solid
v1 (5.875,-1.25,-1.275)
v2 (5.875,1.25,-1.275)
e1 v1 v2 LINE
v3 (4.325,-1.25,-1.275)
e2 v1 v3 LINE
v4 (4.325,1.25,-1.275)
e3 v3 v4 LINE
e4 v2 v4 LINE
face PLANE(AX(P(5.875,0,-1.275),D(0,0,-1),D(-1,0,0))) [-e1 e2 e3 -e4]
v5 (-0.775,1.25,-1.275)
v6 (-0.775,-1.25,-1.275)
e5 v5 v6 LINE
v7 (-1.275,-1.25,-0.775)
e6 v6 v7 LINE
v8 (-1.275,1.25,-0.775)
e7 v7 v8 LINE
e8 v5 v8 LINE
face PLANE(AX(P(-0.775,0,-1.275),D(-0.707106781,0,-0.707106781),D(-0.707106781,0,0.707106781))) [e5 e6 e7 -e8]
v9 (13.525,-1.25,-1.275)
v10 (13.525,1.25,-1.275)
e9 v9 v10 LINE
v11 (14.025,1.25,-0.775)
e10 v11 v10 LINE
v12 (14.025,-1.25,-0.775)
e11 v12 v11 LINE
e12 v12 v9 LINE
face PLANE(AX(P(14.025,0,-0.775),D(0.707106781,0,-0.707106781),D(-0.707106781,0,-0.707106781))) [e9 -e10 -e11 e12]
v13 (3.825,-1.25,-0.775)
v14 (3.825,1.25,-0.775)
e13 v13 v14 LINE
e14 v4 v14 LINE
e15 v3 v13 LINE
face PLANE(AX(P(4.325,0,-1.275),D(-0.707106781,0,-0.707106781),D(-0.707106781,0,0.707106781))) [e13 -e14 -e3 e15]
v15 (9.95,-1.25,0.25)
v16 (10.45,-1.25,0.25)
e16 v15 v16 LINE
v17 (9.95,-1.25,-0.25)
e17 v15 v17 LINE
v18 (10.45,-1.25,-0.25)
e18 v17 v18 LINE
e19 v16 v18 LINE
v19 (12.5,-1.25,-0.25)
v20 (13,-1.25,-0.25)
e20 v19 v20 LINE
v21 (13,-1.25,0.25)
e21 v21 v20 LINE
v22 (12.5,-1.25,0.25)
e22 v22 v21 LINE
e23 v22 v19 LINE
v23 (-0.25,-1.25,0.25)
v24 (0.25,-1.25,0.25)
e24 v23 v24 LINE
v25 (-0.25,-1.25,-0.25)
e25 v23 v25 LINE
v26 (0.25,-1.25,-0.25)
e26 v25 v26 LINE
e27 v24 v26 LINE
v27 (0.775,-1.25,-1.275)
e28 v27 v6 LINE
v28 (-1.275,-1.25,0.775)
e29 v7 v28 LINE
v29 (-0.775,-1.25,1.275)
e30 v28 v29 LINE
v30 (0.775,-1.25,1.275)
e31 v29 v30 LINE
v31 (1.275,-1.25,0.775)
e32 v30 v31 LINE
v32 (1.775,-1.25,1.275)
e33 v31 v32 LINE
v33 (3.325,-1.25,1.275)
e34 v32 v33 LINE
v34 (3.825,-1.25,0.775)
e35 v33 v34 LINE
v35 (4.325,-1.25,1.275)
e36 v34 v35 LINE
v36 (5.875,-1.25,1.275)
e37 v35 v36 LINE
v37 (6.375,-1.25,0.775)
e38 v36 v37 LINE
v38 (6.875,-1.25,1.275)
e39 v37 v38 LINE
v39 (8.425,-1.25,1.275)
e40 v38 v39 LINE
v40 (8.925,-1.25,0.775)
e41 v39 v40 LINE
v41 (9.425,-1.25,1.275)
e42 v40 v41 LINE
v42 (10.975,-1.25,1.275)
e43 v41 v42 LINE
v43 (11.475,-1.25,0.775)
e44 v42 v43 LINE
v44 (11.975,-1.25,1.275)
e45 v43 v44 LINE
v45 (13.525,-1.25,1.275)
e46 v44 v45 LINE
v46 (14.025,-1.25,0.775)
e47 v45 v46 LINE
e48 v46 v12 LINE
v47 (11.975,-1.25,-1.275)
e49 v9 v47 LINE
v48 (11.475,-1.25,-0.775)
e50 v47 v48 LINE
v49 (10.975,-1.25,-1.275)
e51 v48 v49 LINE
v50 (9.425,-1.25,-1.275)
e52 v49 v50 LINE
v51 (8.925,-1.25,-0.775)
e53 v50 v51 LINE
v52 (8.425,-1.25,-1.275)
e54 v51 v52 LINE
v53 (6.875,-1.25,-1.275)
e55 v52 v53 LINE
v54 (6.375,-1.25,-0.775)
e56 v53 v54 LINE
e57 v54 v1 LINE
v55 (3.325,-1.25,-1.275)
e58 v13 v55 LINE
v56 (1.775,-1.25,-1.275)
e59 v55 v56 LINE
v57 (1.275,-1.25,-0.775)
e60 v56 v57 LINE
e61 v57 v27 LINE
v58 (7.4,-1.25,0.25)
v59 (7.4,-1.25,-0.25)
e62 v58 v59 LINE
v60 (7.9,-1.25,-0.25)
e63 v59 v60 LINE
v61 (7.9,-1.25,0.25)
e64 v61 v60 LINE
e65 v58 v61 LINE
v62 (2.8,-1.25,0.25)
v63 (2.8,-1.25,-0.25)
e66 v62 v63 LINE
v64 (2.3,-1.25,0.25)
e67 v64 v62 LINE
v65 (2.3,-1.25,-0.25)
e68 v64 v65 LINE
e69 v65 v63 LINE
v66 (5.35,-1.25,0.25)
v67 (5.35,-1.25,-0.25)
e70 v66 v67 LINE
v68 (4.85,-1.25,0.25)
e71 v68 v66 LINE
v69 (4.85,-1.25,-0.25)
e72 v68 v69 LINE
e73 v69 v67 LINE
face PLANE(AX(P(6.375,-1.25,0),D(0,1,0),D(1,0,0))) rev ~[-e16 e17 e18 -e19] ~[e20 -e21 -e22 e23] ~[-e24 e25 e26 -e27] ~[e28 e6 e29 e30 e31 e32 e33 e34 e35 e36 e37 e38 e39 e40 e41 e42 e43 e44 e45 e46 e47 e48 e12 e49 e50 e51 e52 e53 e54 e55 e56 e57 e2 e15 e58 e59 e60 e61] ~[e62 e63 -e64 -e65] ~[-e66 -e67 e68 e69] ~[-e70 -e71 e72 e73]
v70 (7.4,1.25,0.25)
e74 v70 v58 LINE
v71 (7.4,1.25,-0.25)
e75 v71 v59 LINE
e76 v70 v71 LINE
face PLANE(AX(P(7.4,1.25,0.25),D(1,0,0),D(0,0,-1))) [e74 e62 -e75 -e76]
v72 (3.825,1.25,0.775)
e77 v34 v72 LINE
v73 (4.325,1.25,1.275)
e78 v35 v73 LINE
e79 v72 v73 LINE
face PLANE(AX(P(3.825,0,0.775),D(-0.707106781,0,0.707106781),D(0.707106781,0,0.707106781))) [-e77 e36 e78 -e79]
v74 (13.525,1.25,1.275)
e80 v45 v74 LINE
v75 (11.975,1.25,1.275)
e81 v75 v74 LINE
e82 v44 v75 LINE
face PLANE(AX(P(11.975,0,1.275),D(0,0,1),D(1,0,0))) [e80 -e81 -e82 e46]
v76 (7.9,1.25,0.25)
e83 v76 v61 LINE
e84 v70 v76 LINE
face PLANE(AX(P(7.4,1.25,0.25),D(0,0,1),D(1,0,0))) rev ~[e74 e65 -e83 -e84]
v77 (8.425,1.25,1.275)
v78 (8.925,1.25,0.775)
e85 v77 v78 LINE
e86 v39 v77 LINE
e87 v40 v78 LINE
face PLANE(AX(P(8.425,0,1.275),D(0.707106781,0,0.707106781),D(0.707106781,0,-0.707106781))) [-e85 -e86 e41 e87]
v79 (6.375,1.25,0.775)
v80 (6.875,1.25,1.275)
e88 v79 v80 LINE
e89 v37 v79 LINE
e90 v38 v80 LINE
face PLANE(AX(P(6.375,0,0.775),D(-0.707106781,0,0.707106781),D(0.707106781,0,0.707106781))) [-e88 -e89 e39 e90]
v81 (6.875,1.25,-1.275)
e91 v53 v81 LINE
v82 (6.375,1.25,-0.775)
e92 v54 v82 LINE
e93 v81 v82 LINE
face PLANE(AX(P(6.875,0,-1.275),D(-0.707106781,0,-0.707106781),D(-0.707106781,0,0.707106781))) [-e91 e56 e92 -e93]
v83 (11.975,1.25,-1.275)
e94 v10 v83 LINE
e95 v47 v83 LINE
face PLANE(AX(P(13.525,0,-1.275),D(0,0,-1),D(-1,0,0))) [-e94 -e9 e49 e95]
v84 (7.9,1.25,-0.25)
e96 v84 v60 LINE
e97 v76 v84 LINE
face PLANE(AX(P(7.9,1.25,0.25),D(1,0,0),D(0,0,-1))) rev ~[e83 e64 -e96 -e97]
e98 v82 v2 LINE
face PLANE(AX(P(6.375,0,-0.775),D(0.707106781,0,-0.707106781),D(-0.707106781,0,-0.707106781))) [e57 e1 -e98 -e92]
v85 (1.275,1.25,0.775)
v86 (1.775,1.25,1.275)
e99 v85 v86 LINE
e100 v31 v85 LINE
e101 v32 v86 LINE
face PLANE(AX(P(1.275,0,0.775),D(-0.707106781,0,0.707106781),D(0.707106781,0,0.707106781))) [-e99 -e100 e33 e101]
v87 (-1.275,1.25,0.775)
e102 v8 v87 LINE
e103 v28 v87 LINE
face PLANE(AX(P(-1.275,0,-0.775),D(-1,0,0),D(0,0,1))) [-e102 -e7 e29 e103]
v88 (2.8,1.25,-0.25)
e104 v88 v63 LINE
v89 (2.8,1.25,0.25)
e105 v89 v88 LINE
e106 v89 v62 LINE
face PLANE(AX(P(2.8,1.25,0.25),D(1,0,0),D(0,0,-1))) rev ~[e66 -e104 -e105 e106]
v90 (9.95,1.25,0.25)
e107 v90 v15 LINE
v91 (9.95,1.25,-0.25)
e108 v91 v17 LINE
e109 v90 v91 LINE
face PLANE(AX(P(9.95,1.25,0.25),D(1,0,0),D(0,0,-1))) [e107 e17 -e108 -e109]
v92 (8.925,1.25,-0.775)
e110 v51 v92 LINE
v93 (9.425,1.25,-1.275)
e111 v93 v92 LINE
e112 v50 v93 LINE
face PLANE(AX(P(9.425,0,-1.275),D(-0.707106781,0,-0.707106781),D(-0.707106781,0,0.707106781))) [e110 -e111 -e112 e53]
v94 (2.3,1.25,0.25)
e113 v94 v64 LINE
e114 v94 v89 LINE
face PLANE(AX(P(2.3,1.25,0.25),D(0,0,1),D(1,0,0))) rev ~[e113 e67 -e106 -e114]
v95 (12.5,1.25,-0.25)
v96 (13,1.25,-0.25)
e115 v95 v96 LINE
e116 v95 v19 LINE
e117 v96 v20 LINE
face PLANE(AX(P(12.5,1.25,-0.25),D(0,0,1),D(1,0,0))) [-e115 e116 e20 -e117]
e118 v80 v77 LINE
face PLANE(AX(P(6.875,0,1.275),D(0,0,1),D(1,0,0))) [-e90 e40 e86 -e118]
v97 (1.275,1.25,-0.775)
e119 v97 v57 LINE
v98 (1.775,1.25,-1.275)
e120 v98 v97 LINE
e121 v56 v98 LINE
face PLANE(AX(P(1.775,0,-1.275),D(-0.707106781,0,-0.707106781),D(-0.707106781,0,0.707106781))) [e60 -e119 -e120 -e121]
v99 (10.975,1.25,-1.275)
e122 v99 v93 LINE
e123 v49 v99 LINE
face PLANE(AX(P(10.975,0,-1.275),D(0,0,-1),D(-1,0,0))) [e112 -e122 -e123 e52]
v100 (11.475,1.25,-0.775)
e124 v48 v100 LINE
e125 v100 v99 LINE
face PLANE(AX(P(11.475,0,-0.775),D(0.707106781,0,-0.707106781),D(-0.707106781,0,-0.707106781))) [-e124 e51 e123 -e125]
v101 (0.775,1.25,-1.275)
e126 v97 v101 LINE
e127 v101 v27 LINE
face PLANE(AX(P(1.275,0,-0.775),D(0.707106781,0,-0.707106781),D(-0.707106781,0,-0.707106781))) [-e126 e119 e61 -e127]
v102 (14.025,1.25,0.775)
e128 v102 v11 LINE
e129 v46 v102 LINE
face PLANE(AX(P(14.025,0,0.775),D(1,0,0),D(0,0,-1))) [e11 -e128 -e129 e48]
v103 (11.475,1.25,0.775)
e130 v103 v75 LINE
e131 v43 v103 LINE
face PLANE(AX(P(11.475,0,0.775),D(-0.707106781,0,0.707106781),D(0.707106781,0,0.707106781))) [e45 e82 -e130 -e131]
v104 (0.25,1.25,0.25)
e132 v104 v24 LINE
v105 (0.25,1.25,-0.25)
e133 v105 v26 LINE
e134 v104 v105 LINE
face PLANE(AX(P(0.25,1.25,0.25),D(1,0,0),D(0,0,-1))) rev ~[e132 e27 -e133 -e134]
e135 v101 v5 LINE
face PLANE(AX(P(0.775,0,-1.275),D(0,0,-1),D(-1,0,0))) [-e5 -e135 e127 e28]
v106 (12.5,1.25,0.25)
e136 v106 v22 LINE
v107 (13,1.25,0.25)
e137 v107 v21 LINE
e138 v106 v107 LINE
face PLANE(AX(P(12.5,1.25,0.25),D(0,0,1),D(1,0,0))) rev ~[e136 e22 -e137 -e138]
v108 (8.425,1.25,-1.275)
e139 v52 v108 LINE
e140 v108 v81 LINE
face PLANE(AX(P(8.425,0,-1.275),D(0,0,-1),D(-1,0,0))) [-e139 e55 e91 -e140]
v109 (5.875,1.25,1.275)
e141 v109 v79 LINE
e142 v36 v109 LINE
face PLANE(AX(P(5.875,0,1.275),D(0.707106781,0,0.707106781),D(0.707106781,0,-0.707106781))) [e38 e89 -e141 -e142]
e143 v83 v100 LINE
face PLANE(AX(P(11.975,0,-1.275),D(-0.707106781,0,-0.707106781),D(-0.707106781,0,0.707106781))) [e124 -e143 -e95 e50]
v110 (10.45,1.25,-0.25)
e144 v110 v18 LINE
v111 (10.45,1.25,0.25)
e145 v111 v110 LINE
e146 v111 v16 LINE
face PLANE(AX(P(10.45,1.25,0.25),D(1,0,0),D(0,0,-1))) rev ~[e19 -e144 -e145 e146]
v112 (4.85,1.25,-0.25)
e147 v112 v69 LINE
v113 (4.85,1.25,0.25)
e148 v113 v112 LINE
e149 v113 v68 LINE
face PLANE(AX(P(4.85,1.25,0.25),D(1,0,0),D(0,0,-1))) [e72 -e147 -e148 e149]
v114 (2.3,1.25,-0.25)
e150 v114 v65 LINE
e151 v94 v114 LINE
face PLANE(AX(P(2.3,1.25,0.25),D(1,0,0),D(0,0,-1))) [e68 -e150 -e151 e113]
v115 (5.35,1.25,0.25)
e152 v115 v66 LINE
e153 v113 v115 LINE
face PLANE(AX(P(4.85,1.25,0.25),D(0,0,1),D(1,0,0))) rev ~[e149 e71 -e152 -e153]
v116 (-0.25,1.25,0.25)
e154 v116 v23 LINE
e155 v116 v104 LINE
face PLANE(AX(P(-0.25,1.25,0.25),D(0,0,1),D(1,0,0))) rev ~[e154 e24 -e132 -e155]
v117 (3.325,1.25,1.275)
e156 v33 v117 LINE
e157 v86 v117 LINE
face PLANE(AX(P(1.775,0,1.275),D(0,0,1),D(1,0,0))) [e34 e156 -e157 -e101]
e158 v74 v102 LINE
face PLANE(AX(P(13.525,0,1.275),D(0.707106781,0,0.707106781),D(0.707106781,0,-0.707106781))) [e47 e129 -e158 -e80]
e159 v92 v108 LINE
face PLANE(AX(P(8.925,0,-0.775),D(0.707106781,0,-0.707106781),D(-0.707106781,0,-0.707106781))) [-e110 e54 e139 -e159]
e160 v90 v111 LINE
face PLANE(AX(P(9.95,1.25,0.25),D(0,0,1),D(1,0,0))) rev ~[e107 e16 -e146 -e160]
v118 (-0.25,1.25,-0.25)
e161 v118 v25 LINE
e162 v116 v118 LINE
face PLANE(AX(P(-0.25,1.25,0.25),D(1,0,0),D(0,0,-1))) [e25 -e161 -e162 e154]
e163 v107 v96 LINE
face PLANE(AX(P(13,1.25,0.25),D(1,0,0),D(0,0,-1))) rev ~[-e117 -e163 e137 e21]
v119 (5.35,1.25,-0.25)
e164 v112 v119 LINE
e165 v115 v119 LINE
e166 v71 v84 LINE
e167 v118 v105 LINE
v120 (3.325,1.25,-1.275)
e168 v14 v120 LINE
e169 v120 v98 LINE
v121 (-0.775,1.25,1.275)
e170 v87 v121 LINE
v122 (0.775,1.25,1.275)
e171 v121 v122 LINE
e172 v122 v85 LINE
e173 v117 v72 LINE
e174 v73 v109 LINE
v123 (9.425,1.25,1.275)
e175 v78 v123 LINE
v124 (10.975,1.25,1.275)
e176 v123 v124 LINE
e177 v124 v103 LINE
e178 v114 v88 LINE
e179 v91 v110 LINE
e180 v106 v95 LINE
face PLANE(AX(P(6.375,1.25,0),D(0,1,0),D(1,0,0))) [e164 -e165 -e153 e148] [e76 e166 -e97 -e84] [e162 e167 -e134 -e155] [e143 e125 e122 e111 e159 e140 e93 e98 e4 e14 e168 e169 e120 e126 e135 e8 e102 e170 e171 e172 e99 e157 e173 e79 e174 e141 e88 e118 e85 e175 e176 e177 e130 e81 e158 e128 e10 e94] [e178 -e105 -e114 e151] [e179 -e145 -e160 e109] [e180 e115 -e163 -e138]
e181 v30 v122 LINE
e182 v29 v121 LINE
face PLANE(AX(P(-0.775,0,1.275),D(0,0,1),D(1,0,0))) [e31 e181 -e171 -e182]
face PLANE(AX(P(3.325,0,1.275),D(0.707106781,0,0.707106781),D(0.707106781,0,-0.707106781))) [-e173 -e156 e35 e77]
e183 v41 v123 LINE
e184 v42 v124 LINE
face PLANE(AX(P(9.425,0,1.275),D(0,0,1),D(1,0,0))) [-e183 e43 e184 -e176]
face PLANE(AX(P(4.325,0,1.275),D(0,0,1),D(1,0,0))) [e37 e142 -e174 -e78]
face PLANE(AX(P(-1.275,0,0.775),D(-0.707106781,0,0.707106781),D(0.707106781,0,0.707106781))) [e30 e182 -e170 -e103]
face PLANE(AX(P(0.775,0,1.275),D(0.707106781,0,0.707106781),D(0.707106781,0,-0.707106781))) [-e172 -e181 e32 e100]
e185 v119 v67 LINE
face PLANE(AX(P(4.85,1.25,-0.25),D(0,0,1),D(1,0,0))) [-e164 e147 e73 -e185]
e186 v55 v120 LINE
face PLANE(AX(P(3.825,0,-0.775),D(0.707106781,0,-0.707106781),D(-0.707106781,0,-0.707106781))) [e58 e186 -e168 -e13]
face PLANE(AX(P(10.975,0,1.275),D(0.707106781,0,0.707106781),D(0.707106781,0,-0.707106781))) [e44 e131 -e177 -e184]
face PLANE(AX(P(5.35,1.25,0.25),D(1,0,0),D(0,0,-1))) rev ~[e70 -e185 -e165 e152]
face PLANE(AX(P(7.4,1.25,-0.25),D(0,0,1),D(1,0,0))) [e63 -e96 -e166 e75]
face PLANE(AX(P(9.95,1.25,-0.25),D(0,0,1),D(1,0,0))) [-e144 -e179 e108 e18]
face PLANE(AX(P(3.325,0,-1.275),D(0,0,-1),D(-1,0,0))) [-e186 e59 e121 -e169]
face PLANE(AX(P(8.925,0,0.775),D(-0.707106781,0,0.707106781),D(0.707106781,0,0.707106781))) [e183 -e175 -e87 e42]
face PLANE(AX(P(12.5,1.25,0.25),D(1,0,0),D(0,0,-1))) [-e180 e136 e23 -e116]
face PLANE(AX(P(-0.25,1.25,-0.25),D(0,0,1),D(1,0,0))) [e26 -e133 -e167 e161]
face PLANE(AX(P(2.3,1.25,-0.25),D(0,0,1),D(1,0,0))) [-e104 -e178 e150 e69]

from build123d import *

# Parameters (mm, degrees)
BOSS_EXTRUDE1_DEPTH = 1.25
SKETCH2_W           = 0.5
SKETCH2_H           = 0.5
CUT_EXTRUDE1_DEPTH  = 3.5


with BuildPart() as part:
    # Sketch1 → Boss-Extrude1 (new body, symmetric)
    with BuildSketch(Plane(origin=(0, 0, 0), x_dir=(1, 0, 0), z_dir=(0, 1, 0))):
        Polygon((-0.775, 1.275), (-1.275, 0.775), (-1.275, -0.775), (-0.775, -1.275), (0.775, -1.275), (1.275, -0.775), (1.775, -1.275), (3.325, -1.275), (3.825, -0.775), (4.325, -1.275), (5.875, -1.275), (6.375, -0.775), (6.875, -1.275), (8.425, -1.275), (8.925, -0.775), (9.425, -1.275), (10.975, -1.275), (11.475, -0.775), (11.975, -1.275), (13.525, -1.275), (14.025, -0.775), (14.025, 0.775), (13.525, 1.275), (11.975, 1.275), (11.475, 0.775), (10.975, 1.275), (9.425, 1.275), (8.925, 0.775), (8.425, 1.275), (6.875, 1.275), (6.375, 0.775), (5.875, 1.275), (4.325, 1.275), (3.825, 0.775), (3.325, 1.275), (1.775, 1.275), (1.275, 0.775), (0.775, 1.275), align=None)
    extrude(amount=BOSS_EXTRUDE1_DEPTH, both=True)

    # Sketch2 → Cut-Extrude1 (cut, through all)
    with BuildSketch(Plane(origin=(0, 1.25, 0), x_dir=(1, 0, 0), z_dir=(0, 1, 0))):
        with Locations((2.55, 0)):
            Rectangle(SKETCH2_W, SKETCH2_H)
        Rectangle(SKETCH2_W, SKETCH2_H)
        with Locations((5.1, 0)):
            Rectangle(SKETCH2_W, SKETCH2_H)
        with Locations((7.65, 0)):
            Rectangle(SKETCH2_W, SKETCH2_H)
        with Locations((10.2, 0)):
            Rectangle(SKETCH2_W, SKETCH2_H)
        with Locations((12.75, 0)):
            Rectangle(SKETCH2_W, SKETCH2_H)
    extrude(amount=-CUT_EXTRUDE1_DEPTH, mode=Mode.SUBTRACT)


solid = part.part
